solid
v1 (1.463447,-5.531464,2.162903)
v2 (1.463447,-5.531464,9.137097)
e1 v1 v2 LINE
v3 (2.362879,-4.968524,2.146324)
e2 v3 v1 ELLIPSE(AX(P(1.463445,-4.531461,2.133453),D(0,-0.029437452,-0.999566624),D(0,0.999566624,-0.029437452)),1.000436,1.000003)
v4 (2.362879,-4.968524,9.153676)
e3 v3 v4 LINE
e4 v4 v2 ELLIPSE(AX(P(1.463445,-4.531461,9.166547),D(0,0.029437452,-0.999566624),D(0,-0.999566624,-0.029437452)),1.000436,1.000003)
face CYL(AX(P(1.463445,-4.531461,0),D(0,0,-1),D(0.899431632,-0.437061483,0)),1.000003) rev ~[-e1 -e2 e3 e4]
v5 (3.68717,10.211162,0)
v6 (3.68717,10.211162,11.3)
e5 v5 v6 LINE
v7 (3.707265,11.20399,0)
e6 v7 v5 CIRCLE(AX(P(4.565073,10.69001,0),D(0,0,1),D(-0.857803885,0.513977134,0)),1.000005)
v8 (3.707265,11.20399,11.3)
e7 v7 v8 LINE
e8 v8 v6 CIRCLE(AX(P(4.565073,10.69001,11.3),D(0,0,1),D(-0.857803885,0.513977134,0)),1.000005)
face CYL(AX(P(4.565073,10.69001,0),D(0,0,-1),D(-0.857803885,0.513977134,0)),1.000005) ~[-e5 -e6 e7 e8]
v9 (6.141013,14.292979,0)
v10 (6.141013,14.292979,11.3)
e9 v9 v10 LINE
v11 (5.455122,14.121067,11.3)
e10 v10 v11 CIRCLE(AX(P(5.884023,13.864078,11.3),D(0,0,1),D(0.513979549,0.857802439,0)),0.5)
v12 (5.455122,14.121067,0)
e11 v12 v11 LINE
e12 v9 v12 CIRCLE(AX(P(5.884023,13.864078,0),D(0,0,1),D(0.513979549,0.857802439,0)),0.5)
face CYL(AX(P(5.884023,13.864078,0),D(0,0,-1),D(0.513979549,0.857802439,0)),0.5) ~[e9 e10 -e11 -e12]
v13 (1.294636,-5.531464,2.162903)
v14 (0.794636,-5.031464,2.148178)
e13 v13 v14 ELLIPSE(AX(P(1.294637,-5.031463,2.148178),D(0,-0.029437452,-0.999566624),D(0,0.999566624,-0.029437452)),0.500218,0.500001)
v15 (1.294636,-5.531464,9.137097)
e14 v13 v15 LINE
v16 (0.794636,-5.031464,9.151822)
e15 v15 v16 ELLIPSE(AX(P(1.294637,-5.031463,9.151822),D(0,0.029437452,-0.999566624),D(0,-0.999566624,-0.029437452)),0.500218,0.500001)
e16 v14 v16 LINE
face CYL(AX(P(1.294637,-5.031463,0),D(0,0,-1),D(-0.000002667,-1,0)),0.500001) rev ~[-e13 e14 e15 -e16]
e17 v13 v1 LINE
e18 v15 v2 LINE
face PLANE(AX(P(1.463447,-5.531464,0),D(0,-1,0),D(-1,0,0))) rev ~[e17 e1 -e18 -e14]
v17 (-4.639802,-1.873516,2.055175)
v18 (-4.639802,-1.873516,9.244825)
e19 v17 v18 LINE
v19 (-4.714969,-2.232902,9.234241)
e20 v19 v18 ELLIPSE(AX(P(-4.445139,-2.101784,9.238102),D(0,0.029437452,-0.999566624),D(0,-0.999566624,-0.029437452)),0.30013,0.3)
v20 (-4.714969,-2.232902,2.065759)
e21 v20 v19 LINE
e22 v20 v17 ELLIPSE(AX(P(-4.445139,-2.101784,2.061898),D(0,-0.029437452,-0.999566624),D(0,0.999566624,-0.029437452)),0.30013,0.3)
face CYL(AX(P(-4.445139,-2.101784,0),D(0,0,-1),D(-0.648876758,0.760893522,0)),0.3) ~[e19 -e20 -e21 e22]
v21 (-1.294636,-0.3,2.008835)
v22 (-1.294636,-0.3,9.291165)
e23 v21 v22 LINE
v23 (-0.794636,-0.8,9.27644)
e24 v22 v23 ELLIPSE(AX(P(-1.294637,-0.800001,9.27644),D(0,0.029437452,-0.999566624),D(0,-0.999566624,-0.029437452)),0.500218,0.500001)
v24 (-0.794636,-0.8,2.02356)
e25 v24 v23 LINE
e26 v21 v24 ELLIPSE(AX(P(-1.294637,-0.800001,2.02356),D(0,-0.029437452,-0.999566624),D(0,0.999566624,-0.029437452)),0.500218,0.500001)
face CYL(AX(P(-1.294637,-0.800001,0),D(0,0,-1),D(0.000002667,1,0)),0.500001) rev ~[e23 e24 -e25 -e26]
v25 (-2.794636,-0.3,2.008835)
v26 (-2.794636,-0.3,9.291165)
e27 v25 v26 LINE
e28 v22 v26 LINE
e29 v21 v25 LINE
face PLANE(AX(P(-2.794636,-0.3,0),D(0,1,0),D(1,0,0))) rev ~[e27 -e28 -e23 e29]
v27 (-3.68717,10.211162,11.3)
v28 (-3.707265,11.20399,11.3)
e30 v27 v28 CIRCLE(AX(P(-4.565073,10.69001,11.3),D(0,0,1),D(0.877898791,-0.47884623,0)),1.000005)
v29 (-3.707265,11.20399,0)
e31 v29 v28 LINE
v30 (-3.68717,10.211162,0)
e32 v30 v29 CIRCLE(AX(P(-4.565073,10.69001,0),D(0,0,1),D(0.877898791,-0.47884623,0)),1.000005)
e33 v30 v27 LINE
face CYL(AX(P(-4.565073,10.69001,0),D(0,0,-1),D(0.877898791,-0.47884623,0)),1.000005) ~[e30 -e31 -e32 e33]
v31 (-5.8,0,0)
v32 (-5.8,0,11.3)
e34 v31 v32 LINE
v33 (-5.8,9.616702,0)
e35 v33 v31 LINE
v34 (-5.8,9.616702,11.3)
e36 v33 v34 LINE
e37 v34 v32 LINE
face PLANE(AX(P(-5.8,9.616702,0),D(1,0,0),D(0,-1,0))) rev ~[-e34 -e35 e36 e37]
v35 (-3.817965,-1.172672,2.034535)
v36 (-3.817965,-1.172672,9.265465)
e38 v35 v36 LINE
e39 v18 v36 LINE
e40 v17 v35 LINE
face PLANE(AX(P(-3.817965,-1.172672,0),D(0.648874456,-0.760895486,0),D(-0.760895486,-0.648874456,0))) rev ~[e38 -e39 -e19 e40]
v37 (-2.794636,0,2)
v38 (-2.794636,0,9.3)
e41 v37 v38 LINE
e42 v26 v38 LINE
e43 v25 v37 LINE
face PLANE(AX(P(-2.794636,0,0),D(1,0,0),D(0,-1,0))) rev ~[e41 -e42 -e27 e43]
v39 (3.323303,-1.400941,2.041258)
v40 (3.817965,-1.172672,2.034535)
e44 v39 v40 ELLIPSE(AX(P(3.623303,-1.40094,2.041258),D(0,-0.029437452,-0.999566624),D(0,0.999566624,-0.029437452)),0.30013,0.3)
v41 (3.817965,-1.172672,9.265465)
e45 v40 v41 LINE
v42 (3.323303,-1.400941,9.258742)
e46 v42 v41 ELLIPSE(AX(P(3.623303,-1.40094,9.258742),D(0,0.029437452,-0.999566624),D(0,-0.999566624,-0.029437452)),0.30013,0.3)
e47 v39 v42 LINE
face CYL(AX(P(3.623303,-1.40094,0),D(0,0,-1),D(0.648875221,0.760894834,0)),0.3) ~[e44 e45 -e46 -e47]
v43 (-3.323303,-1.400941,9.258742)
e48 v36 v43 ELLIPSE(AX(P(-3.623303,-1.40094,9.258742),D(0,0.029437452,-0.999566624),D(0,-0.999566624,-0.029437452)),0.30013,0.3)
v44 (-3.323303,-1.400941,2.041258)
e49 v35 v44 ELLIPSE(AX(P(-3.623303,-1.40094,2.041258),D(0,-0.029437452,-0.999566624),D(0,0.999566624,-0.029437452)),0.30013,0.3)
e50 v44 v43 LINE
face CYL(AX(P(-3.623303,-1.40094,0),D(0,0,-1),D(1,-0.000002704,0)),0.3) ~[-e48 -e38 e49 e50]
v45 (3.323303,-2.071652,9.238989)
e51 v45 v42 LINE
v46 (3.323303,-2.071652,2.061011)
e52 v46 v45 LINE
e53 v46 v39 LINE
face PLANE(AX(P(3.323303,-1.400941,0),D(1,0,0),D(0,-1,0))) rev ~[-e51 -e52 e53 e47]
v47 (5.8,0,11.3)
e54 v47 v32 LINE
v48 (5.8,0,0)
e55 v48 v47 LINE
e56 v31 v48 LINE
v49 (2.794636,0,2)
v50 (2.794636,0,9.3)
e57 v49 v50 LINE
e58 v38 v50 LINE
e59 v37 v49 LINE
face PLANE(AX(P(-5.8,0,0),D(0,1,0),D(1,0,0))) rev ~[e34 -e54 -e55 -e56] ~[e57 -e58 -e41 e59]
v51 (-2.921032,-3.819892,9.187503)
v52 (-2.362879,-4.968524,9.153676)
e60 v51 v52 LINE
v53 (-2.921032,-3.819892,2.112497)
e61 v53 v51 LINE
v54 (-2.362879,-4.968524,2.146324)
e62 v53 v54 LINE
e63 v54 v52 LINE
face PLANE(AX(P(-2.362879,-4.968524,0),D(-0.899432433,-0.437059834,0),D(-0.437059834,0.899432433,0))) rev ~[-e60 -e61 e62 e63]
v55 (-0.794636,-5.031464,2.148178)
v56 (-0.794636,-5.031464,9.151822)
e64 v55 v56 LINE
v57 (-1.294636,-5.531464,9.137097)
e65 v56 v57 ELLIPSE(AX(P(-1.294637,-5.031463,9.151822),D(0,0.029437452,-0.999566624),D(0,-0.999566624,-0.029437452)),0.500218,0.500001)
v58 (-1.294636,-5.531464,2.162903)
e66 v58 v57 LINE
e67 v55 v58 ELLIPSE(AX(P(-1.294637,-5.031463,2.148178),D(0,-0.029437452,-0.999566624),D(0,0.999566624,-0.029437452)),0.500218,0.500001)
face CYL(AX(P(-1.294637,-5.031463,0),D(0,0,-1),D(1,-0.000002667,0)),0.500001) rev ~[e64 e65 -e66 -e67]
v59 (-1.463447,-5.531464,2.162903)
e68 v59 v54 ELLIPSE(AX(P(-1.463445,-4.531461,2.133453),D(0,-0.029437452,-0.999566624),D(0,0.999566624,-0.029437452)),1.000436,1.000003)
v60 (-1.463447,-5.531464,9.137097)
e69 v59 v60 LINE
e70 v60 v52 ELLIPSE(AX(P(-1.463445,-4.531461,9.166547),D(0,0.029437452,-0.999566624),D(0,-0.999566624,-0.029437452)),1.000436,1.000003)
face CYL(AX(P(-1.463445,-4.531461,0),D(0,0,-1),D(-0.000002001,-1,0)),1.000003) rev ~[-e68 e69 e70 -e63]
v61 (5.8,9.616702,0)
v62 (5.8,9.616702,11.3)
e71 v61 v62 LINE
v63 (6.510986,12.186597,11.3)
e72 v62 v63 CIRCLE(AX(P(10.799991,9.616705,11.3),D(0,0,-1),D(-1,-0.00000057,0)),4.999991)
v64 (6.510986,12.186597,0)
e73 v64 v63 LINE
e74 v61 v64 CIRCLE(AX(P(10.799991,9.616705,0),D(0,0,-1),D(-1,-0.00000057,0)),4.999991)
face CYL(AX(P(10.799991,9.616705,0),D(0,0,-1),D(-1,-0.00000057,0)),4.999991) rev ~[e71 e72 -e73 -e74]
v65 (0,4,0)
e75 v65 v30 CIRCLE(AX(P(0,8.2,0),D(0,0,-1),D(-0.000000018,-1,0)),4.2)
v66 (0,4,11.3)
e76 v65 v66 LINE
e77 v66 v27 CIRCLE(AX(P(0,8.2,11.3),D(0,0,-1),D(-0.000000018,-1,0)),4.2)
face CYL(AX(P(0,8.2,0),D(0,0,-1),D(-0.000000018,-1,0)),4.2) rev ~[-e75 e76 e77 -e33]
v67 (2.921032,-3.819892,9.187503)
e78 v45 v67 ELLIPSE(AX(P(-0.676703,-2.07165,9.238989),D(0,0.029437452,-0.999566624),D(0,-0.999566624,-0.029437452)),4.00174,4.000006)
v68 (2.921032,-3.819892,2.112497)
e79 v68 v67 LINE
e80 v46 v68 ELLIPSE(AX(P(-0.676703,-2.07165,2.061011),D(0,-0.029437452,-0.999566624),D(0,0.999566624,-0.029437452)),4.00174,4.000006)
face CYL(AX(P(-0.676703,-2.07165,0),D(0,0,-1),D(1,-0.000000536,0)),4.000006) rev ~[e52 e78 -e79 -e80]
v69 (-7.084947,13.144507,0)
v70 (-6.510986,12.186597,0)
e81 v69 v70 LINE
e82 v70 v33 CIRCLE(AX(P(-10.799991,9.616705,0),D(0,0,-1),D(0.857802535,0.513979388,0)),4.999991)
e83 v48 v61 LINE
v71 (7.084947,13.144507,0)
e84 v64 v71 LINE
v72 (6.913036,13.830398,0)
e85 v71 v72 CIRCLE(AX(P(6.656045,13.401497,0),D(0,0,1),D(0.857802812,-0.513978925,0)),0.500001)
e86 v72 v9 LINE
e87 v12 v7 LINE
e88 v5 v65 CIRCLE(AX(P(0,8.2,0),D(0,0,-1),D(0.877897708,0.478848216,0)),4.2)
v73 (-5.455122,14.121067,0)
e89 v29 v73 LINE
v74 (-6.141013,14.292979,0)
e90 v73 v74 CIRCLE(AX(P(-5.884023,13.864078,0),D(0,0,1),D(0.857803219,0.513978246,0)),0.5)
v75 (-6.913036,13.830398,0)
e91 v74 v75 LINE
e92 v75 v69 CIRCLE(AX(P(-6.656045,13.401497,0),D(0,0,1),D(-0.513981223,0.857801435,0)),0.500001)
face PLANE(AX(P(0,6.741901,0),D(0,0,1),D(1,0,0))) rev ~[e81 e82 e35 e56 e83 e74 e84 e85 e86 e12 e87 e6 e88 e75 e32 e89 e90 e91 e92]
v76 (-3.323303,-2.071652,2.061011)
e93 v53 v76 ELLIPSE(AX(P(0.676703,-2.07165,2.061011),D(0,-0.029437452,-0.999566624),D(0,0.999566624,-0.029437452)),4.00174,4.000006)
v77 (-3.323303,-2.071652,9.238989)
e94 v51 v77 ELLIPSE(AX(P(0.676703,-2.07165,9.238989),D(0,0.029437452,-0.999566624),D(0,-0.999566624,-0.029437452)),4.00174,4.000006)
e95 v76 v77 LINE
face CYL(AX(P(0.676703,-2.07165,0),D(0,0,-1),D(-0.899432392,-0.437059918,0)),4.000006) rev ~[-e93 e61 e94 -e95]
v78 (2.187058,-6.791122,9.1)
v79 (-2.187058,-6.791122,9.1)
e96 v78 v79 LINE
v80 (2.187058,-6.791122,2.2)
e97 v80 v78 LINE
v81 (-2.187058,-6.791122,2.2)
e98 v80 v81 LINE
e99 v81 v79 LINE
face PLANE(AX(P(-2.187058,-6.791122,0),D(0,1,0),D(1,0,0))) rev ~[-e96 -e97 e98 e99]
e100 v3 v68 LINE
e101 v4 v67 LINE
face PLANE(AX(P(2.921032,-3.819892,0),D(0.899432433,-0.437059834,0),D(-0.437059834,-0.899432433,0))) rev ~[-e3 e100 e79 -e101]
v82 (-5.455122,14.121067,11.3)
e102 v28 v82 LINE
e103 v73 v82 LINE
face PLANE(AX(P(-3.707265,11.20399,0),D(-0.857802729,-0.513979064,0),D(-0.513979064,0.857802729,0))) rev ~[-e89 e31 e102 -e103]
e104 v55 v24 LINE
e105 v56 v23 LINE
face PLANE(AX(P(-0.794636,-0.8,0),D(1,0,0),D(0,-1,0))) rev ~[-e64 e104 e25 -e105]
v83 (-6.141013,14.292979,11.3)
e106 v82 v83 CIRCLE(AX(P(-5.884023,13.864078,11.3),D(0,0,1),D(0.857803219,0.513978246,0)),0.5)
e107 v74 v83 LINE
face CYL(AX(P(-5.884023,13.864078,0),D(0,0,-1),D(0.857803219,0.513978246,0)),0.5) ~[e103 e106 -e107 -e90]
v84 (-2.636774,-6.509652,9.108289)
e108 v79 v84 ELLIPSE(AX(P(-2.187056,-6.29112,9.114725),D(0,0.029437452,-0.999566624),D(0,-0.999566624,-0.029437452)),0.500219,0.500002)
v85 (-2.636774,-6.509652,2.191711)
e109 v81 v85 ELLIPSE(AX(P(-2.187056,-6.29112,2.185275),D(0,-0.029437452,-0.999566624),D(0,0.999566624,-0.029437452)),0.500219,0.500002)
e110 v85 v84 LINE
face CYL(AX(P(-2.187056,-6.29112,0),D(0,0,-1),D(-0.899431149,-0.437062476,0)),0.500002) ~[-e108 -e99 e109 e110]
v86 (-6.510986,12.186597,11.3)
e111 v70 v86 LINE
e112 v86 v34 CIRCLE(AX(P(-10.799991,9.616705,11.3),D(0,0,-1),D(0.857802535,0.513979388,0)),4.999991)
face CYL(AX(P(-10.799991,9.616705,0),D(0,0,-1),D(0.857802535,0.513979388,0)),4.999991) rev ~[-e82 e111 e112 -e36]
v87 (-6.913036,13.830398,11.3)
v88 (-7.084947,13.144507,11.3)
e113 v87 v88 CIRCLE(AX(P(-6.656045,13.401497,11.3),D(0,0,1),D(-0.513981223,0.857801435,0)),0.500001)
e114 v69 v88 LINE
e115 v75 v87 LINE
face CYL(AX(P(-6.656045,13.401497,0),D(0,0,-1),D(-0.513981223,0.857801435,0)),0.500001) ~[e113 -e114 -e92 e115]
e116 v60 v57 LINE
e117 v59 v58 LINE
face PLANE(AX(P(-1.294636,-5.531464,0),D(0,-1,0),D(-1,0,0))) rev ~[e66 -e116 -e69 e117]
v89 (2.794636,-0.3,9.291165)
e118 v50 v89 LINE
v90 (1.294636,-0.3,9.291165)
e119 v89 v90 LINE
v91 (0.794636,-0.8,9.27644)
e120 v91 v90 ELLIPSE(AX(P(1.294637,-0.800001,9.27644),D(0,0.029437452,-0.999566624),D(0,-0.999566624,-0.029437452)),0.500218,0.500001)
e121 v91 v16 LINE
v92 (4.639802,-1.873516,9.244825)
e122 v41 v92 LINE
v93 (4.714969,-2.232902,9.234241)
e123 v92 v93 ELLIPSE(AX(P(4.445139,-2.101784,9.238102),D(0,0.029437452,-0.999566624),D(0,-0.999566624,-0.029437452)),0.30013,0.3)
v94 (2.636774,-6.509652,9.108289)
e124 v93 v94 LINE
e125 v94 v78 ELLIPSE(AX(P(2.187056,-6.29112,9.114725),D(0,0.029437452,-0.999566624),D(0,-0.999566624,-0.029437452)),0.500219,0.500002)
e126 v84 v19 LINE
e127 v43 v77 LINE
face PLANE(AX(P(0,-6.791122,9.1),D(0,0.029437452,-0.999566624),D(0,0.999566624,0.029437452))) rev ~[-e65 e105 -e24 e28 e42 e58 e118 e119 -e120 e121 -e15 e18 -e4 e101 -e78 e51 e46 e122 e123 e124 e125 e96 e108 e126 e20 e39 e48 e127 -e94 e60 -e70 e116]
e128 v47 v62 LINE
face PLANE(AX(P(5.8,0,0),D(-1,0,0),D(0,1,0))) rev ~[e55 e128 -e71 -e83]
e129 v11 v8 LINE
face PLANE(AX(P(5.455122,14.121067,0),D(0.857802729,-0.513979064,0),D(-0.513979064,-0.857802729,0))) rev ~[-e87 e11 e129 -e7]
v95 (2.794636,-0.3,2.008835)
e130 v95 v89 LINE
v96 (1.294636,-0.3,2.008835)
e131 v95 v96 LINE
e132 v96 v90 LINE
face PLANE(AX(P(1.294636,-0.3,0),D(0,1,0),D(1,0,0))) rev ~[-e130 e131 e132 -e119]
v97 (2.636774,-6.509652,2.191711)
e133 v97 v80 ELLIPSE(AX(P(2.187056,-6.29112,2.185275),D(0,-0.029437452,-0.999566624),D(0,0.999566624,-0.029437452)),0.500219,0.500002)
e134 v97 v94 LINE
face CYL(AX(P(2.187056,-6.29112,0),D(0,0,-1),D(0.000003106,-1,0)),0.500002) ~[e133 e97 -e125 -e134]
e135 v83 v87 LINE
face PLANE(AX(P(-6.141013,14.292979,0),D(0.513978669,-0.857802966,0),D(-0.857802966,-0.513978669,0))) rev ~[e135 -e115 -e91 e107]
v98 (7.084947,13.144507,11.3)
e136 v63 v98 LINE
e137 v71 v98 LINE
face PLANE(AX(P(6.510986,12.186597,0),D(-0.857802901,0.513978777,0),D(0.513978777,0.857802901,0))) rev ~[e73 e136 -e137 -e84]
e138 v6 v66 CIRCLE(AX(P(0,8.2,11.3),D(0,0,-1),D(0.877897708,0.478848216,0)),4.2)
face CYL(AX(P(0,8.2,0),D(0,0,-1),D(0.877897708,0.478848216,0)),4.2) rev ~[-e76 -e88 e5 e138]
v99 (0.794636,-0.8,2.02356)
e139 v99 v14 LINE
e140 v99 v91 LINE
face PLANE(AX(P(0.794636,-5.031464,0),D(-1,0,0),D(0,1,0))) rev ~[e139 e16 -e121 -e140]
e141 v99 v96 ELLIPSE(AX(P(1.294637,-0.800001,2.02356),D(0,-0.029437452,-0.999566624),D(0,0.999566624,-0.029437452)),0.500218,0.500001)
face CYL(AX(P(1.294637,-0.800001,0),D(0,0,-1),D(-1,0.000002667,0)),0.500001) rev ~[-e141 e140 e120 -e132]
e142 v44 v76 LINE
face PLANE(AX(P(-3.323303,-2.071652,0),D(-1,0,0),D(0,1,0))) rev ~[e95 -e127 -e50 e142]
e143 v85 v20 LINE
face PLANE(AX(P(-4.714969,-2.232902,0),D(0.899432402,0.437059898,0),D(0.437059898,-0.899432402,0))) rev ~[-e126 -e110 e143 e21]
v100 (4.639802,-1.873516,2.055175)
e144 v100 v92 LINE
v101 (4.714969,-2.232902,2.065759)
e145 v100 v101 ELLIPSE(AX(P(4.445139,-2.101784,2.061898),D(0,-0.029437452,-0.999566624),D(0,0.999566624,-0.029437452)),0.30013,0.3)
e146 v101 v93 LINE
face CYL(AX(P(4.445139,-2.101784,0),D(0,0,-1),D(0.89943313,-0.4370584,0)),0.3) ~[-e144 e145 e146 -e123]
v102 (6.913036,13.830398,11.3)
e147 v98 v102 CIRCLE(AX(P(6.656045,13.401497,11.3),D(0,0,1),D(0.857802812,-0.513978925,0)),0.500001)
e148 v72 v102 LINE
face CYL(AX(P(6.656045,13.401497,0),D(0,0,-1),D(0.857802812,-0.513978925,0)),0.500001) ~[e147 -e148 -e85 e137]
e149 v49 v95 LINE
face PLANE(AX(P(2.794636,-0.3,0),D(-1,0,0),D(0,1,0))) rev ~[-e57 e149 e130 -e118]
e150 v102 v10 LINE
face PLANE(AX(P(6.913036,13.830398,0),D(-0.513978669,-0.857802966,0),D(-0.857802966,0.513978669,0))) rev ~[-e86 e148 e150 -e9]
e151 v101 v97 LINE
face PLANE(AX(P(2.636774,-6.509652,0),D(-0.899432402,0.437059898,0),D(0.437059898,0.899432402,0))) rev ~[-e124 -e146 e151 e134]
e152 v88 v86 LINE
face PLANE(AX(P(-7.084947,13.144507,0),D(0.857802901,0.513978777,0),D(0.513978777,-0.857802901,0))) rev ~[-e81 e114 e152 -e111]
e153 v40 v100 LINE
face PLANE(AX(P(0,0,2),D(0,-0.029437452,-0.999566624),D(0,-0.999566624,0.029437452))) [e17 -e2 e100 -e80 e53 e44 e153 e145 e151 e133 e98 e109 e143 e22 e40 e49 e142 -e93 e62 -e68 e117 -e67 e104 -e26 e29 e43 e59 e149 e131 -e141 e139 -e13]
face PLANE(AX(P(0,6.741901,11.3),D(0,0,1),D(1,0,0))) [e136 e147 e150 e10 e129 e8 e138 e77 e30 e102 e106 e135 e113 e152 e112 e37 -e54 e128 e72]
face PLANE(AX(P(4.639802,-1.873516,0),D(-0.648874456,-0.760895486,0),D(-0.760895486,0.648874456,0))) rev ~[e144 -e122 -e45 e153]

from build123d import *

# Parameters (mm, degrees)
F1_DEPTH = 11.3
F3_DEPTH = 6


with BuildPart() as f1:
    # F0 (on Top) → F1 (new body)
    with BuildSketch(Plane.XY):
        with BuildLine():
            Line((-5.8, 9.616702), (-5.8, 0))
            Line((-5.8, 0), (-2.794636, 0))
            Line((-2.794636, 0), (0, 0))
            Line((0, 0), (2.794636, 0))
            Line((2.794636, 0), (5.8, 0))
            Line((5.8, 0), (5.8, 9.616702))
            ThreePointArc((5.8, 9.616702), (5.981023, 10.949918), (6.510986, 12.186597))
            Line((6.510986, 12.186597), (7.084947, 13.144507))
            ThreePointArc((7.084947, 13.144507), (7.141044, 13.523056), (6.913036, 13.830398))
            Line((6.913036, 13.830398), (6.141013, 14.292979))
            ThreePointArc((6.141013, 14.292979), (5.762464, 14.349076), (5.455122, 14.121067))
            Line((5.455122, 14.121067), (3.707265, 11.20399))
            ThreePointArc((3.707265, 11.20399), (3.565273, 10.710247), (3.68717, 10.211162))
            ThreePointArc((3.68717, 10.211162), (3.61157, 6.056041), (0, 4))
            ThreePointArc((0, 4), (-3.61157, 6.056041), (-3.68717, 10.211162))
            ThreePointArc((-3.68717, 10.211162), (-3.565273, 10.710247), (-3.707265, 11.20399))
            Line((-3.707265, 11.20399), (-5.455122, 14.121067))
            ThreePointArc((-5.455122, 14.121067), (-5.762464, 14.349076), (-6.141013, 14.292979))
            Line((-6.141013, 14.292979), (-6.913036, 13.830398))
            ThreePointArc((-6.913036, 13.830398), (-7.141044, 13.523056), (-7.084947, 13.144507))
            Line((-7.084947, 13.144507), (-6.510986, 12.186597))
            ThreePointArc((-6.510986, 12.186597), (-5.981023, 10.949918), (-5.8, 9.616702))
        make_face()
        with BuildLine():
            Line((0, 0), (-2.794636, 0))
            Line((-2.794636, 0), (-2.794636, -0.3))
            Line((-2.794636, -0.3), (-1.294636, -0.3))
            ThreePointArc((-1.294636, -0.3), (-0.941083, -0.446447), (-0.794636, -0.8))
            Line((-0.794636, -0.8), (-0.794636, -5.031464))
            ThreePointArc((-0.794636, -5.031464), (-0.941083, -5.385017), (-1.294636, -5.531464))
            Line((-1.294636, -5.531464), (-1.463447, -5.531464))
            ThreePointArc((-1.463447, -5.531464), (-1.993984, -5.379125), (-2.362879, -4.968524))
            Line((-2.362879, -4.968524), (-2.921032, -3.819892))
            ThreePointArc((-2.921032, -3.819892), (-3.221438, -2.968614), (-3.323303, -2.071652))
            Line((-3.323303, -2.071652), (-3.323303, -1.400941))
            ThreePointArc((-3.323303, -1.400941), (-3.497602, -1.128545), (-3.817965, -1.172672))
            Line((-3.817965, -1.172672), (-4.639802, -1.873516))
            ThreePointArc((-4.639802, -1.873516), (-4.738785, -2.040367), (-4.714969, -2.232902))
            Line((-4.714969, -2.232902), (-2.636774, -6.509652))
            ThreePointArc((-2.636774, -6.509652), (-2.452327, -6.714952), (-2.187058, -6.791122))
            Line((-2.187058, -6.791122), (0, -6.791122))
            Line((0, -6.791122), (2.187058, -6.791122))
            ThreePointArc((2.187058, -6.791122), (2.452327, -6.714952), (2.636774, -6.509652))
            Line((2.636774, -6.509652), (4.714969, -2.232902))
            ThreePointArc((4.714969, -2.232902), (4.738785, -2.040367), (4.639802, -1.873516))
            Line((4.639802, -1.873516), (3.817965, -1.172672))
            ThreePointArc((3.817965, -1.172672), (3.497602, -1.128545), (3.323303, -1.400941))
            Line((3.323303, -1.400941), (3.323303, -2.071652))
            ThreePointArc((3.323303, -2.071652), (3.221438, -2.968614), (2.921032, -3.819892))
            Line((2.921032, -3.819892), (2.362879, -4.968524))
            ThreePointArc((2.362879, -4.968524), (1.993984, -5.379125), (1.463447, -5.531464))
            Line((1.463447, -5.531464), (1.294636, -5.531464))
            ThreePointArc((1.294636, -5.531464), (0.941083, -5.385017), (0.794636, -5.031464))
            Line((0.794636, -5.031464), (0.794636, -0.8))
            ThreePointArc((0.794636, -0.8), (0.941083, -0.446447), (1.294636, -0.3))
            Line((1.294636, -0.3), (2.794636, -0.3))
            Line((2.794636, -0.3), (2.794636, 0))
            Line((2.794636, 0), (0, 0))
        make_face()
    extrude(amount=F1_DEPTH)

    # F2 (on Right) → F3 (cut, symmetric)
    with BuildSketch(Plane.YZ):
        Polygon((-6.791122, 0), (0, 0), (0, 2), (-6.791122, 2.2), align=None)
        Polygon((-6.791122, 9.1), (0, 9.3), (0, 11.3), (-6.791122, 11.3), align=None)
    extrude(amount=F3_DEPTH, both=True, mode=Mode.SUBTRACT)


solid = f1.part
